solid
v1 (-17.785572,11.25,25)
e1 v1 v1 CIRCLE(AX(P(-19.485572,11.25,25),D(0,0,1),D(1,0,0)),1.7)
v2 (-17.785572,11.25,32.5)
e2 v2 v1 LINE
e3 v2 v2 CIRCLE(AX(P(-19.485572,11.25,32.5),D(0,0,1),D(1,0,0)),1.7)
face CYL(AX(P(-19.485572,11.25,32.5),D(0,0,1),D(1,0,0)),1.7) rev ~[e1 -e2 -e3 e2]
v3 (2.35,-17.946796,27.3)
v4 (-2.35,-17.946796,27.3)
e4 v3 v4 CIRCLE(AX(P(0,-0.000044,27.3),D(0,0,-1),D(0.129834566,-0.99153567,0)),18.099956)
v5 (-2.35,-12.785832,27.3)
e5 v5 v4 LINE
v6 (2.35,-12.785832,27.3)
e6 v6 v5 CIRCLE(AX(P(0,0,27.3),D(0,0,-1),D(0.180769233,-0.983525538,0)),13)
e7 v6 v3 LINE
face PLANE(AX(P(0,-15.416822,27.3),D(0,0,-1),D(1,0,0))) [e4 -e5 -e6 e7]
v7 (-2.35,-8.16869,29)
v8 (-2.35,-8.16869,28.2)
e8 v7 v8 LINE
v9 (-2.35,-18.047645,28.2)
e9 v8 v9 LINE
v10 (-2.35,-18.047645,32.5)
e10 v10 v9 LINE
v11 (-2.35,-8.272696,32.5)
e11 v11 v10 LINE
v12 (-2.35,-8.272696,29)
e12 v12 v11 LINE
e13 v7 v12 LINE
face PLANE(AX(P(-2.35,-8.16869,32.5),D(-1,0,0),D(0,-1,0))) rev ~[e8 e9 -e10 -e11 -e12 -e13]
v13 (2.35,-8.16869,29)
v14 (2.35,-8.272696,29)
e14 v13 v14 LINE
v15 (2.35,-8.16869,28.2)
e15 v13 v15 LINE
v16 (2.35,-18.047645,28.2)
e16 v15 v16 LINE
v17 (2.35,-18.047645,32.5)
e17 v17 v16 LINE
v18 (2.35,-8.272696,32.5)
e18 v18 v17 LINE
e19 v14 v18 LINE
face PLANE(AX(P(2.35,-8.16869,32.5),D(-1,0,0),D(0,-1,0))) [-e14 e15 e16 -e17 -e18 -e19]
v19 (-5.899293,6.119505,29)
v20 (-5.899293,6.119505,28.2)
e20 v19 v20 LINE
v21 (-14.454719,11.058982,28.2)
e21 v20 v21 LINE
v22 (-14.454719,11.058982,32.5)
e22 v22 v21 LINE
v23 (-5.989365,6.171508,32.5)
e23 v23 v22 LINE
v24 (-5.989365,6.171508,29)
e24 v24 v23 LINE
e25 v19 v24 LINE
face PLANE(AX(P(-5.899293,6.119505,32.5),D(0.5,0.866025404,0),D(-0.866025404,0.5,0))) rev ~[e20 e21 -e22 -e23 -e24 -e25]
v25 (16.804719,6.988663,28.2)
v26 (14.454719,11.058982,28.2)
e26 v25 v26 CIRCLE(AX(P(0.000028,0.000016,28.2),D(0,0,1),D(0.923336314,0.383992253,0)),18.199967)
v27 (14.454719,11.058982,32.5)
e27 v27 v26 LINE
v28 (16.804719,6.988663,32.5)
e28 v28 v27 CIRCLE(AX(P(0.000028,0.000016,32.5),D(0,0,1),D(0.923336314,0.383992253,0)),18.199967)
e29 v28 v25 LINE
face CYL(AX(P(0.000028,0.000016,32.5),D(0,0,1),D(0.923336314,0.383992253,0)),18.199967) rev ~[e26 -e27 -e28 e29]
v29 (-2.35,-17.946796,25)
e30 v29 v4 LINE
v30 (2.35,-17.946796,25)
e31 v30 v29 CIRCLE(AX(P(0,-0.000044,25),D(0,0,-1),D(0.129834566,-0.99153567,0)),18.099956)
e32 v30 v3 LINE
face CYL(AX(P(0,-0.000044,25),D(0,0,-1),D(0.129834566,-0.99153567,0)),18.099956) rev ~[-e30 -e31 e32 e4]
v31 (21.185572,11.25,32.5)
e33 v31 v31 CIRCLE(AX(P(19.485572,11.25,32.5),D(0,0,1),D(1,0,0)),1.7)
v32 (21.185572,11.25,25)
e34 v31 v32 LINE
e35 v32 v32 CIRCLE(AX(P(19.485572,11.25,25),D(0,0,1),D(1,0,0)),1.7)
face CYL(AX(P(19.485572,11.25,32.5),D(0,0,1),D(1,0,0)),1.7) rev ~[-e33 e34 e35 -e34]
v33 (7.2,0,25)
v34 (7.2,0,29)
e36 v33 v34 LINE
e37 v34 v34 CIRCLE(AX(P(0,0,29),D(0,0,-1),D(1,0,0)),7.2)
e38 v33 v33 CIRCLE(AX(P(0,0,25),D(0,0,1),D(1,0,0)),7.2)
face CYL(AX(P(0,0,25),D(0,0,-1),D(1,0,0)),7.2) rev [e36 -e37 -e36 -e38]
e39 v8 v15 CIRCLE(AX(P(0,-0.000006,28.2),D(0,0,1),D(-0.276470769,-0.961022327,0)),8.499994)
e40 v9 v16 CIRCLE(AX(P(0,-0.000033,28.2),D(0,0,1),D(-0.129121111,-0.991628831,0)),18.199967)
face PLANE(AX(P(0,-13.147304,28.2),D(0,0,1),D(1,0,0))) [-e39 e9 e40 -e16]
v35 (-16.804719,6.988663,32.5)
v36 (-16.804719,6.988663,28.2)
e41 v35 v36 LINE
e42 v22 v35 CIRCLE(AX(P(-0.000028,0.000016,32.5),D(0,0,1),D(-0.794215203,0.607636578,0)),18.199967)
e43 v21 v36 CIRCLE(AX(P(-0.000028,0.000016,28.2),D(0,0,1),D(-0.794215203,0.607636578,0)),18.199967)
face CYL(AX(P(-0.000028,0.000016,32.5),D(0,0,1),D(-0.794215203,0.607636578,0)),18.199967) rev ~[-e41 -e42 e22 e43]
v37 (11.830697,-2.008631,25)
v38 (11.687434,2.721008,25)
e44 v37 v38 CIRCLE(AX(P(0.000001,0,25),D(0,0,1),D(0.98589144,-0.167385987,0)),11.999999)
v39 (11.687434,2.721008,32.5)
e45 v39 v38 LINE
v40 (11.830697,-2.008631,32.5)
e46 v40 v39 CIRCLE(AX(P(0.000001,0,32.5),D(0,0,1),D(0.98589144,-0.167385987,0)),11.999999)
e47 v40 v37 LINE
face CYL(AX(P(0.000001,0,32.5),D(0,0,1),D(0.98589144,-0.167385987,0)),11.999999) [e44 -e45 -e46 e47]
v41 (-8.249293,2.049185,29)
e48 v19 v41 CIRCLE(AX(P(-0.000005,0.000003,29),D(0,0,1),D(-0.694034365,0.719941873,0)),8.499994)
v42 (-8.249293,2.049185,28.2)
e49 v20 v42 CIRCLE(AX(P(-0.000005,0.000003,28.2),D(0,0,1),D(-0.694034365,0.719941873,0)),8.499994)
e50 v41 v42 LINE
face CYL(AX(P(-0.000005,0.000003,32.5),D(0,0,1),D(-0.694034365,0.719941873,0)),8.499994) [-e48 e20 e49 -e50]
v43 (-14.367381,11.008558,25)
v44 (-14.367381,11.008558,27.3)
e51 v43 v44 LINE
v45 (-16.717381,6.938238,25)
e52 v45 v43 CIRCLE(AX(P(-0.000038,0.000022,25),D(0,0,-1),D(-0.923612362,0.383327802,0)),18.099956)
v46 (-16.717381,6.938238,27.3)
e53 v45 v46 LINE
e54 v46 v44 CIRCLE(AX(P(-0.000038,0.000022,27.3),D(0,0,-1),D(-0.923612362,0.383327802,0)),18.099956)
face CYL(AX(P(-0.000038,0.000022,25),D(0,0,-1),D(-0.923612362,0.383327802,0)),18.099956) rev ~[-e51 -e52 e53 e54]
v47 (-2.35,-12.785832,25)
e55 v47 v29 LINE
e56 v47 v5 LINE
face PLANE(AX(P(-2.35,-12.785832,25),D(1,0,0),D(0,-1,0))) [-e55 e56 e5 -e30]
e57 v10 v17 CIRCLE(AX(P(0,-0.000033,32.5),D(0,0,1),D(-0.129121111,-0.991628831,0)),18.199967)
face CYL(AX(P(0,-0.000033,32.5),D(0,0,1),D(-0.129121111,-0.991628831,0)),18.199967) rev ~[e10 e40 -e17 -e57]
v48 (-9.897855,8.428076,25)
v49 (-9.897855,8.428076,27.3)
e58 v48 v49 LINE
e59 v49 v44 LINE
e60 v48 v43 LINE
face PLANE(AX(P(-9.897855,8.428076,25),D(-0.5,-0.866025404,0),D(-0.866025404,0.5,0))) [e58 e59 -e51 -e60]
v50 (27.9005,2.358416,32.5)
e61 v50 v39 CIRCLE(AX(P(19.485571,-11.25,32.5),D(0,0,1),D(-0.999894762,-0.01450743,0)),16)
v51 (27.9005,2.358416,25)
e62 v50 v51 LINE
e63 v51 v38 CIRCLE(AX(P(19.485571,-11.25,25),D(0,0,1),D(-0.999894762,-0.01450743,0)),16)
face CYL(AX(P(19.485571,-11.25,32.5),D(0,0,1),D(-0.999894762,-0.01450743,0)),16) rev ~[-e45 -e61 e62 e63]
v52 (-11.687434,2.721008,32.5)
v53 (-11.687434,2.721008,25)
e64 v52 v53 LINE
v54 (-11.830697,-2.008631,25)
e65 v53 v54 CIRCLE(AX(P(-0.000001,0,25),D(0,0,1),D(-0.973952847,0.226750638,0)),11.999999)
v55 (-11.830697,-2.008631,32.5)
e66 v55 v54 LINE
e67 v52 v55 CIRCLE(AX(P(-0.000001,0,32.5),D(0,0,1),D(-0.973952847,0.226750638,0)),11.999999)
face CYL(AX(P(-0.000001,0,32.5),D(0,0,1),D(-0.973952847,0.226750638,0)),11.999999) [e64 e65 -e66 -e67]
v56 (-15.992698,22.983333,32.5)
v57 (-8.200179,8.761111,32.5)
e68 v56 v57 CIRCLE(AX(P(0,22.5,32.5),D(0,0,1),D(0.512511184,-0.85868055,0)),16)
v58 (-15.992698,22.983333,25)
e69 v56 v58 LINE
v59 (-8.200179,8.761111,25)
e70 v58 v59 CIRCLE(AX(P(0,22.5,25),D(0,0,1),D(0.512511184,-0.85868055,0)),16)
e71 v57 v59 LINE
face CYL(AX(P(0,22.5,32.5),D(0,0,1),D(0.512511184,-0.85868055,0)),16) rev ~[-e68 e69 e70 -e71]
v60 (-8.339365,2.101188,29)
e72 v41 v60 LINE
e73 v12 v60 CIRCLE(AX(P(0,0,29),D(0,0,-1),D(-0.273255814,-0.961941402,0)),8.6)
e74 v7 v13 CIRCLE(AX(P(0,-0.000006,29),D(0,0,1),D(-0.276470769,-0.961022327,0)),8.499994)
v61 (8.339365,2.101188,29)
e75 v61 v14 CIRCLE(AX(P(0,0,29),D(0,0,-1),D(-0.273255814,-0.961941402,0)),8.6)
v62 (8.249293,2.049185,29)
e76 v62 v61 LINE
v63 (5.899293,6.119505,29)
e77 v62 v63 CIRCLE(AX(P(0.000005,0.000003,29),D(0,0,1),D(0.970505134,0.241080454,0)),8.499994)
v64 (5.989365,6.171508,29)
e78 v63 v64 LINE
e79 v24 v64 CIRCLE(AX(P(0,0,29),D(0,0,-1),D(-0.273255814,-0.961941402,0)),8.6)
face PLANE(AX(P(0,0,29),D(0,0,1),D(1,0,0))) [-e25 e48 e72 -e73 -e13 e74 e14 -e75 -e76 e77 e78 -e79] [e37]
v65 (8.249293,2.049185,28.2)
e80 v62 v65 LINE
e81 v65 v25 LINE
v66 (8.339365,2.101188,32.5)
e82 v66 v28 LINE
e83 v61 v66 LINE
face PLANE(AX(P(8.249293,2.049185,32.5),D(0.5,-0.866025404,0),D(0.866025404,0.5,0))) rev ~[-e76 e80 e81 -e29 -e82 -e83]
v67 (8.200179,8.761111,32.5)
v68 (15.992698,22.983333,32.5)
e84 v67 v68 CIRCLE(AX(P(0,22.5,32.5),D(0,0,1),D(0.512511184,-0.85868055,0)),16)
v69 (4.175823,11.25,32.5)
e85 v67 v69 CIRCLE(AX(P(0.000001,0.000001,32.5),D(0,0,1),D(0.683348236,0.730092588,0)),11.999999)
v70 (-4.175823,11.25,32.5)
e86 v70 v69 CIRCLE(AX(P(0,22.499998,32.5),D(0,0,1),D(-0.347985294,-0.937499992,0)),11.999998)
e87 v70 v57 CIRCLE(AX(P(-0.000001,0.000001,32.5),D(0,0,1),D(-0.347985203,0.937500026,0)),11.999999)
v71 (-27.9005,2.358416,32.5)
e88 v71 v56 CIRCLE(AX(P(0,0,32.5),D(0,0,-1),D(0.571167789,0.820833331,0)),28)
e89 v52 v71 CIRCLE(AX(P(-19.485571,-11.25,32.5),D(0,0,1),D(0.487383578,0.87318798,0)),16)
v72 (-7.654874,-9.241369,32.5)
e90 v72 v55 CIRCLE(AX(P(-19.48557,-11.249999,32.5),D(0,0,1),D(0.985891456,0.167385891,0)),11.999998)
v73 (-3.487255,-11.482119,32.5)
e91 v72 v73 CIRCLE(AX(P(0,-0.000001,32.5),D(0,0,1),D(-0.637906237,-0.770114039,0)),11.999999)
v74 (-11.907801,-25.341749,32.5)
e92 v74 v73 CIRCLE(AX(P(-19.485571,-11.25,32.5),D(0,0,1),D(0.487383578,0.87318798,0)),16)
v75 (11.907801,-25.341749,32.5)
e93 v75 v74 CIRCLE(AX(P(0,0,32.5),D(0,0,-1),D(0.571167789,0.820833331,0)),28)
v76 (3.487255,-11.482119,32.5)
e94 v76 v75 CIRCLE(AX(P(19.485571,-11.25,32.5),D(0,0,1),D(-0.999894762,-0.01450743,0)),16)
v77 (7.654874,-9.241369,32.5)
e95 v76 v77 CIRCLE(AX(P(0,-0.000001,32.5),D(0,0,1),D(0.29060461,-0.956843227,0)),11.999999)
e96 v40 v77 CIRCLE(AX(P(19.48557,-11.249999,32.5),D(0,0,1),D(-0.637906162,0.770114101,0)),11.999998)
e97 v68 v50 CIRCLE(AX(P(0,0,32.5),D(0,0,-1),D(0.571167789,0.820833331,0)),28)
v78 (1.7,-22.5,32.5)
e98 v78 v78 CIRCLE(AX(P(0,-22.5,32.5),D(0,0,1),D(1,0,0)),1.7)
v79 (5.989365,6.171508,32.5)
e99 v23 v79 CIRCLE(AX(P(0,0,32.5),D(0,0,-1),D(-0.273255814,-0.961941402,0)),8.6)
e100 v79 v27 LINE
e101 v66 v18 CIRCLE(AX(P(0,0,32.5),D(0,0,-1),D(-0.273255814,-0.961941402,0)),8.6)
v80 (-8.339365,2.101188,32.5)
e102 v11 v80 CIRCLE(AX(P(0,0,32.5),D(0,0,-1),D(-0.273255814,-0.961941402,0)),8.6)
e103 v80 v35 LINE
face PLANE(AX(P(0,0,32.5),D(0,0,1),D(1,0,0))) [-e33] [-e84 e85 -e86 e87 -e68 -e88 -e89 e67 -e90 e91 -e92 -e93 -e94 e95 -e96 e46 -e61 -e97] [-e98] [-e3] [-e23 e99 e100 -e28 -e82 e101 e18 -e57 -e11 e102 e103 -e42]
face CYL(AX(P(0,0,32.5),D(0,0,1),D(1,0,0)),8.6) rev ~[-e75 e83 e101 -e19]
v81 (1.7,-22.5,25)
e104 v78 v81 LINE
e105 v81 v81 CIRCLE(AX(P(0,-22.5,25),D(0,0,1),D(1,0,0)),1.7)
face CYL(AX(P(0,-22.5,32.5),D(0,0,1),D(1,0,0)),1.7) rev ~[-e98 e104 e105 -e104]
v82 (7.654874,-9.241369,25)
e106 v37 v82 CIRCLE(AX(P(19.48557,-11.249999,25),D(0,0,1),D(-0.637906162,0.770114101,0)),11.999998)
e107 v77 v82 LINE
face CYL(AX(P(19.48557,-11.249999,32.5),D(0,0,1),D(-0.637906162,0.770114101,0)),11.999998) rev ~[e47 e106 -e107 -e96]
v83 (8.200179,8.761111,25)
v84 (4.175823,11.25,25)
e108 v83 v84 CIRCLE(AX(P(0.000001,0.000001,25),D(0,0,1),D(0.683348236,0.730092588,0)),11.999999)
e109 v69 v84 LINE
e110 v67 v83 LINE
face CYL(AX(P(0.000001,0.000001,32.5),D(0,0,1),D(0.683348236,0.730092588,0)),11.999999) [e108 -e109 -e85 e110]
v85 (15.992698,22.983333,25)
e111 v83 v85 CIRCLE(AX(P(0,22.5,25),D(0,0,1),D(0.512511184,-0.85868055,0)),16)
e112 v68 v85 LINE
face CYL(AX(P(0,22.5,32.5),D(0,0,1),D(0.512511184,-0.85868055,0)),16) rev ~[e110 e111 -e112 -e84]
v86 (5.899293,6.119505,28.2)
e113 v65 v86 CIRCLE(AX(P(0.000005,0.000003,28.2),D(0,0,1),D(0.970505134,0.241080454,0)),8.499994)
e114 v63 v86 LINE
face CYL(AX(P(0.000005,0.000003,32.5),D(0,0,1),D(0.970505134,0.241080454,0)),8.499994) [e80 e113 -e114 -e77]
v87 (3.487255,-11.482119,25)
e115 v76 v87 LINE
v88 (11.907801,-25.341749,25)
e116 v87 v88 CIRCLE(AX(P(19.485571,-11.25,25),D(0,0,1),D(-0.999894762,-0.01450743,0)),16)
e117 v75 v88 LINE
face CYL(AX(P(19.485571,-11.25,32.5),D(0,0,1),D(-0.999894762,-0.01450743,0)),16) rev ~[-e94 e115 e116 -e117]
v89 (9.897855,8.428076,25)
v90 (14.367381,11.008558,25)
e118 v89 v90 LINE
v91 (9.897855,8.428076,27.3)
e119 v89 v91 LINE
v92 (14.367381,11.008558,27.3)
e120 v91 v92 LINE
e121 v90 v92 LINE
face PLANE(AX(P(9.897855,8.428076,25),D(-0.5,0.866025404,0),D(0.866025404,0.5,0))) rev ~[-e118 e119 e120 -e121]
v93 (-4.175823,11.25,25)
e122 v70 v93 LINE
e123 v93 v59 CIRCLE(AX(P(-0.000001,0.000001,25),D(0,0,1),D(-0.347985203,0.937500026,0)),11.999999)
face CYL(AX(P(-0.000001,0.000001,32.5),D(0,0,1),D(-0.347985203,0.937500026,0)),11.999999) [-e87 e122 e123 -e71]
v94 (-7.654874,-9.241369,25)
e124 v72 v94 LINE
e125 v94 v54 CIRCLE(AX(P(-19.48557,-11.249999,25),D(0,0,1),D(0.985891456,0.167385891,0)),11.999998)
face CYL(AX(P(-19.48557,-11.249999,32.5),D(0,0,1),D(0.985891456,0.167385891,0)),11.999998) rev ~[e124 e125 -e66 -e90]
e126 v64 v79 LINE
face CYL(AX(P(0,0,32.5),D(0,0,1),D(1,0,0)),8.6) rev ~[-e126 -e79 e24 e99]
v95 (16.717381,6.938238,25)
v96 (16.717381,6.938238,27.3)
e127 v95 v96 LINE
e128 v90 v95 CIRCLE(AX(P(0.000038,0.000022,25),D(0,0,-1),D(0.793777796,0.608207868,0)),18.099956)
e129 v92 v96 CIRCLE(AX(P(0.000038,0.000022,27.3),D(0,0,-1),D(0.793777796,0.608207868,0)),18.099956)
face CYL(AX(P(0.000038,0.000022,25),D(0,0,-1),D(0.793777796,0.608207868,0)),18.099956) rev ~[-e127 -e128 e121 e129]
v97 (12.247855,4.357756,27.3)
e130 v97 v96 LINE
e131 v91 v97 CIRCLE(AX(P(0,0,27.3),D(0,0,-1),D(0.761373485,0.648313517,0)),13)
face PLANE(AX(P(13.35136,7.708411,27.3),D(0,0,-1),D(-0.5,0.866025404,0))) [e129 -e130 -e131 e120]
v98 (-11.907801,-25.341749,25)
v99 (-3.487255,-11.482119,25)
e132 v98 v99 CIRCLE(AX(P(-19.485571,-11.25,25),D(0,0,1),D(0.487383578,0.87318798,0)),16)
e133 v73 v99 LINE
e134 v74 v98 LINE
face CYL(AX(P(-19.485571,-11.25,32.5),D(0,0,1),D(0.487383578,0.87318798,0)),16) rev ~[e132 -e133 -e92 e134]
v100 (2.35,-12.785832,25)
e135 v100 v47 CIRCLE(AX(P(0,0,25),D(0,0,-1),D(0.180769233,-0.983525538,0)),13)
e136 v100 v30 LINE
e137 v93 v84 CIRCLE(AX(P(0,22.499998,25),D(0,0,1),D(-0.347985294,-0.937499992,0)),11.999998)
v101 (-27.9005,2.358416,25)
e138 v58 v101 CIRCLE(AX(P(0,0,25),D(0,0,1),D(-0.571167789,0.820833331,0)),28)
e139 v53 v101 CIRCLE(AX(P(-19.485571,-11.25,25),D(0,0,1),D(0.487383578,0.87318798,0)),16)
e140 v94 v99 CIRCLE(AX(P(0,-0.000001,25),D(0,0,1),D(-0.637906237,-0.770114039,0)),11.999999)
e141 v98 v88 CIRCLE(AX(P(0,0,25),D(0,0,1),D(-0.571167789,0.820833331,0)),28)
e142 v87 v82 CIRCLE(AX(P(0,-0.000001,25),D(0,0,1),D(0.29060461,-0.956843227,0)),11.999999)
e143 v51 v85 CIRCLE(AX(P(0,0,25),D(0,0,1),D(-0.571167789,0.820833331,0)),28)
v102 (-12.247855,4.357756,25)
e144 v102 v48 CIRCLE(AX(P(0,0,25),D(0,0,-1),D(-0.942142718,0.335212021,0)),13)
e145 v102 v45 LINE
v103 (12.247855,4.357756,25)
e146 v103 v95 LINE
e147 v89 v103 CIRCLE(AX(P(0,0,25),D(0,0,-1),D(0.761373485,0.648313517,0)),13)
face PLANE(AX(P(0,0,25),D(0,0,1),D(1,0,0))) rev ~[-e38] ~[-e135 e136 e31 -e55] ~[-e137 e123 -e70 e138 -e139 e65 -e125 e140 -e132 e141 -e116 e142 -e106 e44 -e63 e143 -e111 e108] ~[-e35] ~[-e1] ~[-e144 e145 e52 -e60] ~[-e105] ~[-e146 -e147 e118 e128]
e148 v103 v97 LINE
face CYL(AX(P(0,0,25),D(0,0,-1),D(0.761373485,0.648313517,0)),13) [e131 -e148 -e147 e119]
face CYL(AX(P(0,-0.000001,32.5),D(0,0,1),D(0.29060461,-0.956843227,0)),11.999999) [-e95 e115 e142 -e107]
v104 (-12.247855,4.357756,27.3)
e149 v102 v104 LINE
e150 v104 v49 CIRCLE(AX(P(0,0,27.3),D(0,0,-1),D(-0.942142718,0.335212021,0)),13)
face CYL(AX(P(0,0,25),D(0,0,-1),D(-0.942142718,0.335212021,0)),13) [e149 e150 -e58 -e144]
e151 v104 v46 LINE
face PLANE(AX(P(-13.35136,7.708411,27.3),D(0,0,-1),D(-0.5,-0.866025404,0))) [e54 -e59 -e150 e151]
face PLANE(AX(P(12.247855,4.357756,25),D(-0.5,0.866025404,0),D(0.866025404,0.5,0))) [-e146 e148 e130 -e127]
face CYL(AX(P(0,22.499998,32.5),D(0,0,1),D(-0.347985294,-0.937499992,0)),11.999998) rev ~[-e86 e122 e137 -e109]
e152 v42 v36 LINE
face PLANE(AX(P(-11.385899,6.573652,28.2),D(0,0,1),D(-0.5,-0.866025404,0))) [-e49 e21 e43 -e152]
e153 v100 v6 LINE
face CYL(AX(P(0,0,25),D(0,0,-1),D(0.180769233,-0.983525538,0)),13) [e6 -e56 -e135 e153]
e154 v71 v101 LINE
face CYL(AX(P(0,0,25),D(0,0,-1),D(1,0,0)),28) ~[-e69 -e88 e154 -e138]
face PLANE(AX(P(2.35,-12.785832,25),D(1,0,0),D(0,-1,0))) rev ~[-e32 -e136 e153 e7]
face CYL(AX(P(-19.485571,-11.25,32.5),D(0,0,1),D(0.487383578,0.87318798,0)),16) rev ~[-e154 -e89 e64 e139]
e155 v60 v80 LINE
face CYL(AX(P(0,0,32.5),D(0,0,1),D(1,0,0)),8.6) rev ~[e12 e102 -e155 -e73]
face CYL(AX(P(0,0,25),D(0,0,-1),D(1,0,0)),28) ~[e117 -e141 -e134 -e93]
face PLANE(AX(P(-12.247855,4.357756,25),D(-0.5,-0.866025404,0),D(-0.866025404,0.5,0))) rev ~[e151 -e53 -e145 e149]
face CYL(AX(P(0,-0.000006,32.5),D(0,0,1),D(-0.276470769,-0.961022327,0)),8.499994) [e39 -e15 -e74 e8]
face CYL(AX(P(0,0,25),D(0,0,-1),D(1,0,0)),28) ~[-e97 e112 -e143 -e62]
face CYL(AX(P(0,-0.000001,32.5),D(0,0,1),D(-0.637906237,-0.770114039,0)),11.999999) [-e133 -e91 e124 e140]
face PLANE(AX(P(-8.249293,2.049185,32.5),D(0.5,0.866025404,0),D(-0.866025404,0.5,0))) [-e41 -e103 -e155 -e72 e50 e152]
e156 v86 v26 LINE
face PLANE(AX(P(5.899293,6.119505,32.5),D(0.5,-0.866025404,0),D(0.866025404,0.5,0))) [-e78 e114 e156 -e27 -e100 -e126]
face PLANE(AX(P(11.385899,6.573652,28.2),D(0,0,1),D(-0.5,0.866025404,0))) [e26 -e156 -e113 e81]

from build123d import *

# Parameters (mm, degrees)
SKETCH_R              = 28
SKETCH_R_2            = 7.2
PAD_DEPTH             = 7.5
POCKET_DEPTH          = 166.601597
POLARPATTERN_COUNT    = 3
SKETCH003_R           = 1.7
POCKET001_DEPTH       = 7.501
SKETCH007_R           = 8.6
POCKET005_DEPTH       = 3.5
POCKET006_DEPTH       = 4.3
POLARPATTERN001_COUNT = 3
POCKET007_DEPTH       = 2.3
POLARPATTERN002_COUNT = 3


with BuildPart() as part:
    # Sketch → Pad (new body)
    with BuildSketch(Plane.XY.offset(25)):
        Circle(SKETCH_R)
        Circle(SKETCH_R_2, mode=Mode.SUBTRACT)
    extrude(amount=PAD_DEPTH)

    # Sketch002 → Pocket (cut, through all)
    with BuildSketch(Plane.XY.offset(32.5)):
        with BuildLine():
            ThreePointArc((-4.175823, 11.25), (0, 10.5), (4.175823, 11.25))
            ThreePointArc((8.200179, 8.761111), (6.311893, 10.205881), (4.175823, 11.25))
            ThreePointArc((8.200179, 8.761111), (0, 38.5), (-8.200179, 8.761111))
            ThreePointArc((-4.175823, 11.25), (-6.311893, 10.205881), (-8.200179, 8.761111))
        make_face()
    pocket = extrude(amount=-POCKET_DEPTH, mode=Mode.SUBTRACT)

    # PolarPattern: Pocket ×3 about axis
    polarpattern_axis = Axis((0, 0, 32.5), (0, 0, 1))
    for i in range(1, POLARPATTERN_COUNT):
        add(pocket.rotate(polarpattern_axis, i * 360 / POLARPATTERN_COUNT), mode=Mode.SUBTRACT)

    # Sketch003 → Pocket001 (cut, through all)
    with BuildSketch(Plane.XY.offset(32.5)):
        with Locations((0, 22.5)):
            Circle(SKETCH003_R)
        with Locations((-19.485572, -11.25)):
            Circle(SKETCH003_R)
        with Locations((19.485572, -11.25)):
            Circle(SKETCH003_R)
        with Locations((-19.485572, 11.25)):
            Circle(SKETCH003_R)
        with Locations((19.485572, 11.25)):
            Circle(SKETCH003_R)
        with Locations((0, -22.5)):
            Circle(SKETCH003_R)
    extrude(amount=-POCKET001_DEPTH, mode=Mode.SUBTRACT)

    # Sketch007 → Pocket005 (cut)
    with BuildSketch(Plane.XY.offset(32.5)):
        Circle(SKETCH007_R)
    extrude(amount=-POCKET005_DEPTH, mode=Mode.SUBTRACT)

    # Sketch005 → Pocket006 (cut)
    with BuildSketch(Plane.XY.offset(32.5)):
        with BuildLine():
            Line((-2.35, -8.16869), (-2.35, -18.047645))
            ThreePointArc((-2.35, -18.047645), (0, -18.2), (2.35, -18.047645))
            Line((2.35, -8.16869), (2.35, -18.047645))
            ThreePointArc((-2.35, -8.16869), (0, -8.5), (2.35, -8.16869))
        make_face()
    pocket006 = extrude(amount=-POCKET006_DEPTH, mode=Mode.SUBTRACT)

    # PolarPattern001: Pocket006 ×3 about axis
    polarpattern001_axis = Axis((0, 0, 32.5), (0, 0, 1))
    for i in range(1, POLARPATTERN001_COUNT):
        add(pocket006.rotate(polarpattern001_axis, i * 360 / POLARPATTERN001_COUNT), mode=Mode.SUBTRACT)

    # Sketch009 → Pocket007 (cut)
    with BuildSketch(Plane(origin=(0, 0, 25), x_dir=(1, 0, 0), z_dir=(0, 0, -1))):
        with BuildLine():
            Line((2.35, 12.785832), (2.35, 17.946796))
            ThreePointArc((2.35, 17.946796), (0, 18.1), (-2.35, 17.946796))
            Line((-2.35, 12.785832), (-2.35, 17.946796))
            ThreePointArc((2.35, 12.785832), (0, 13), (-2.35, 12.785832))
        make_face()
    pocket007 = extrude(amount=-POCKET007_DEPTH, mode=Mode.SUBTRACT)

    # PolarPattern002: Pocket007 ×3 about axis
    polarpattern002_axis = Axis((0, 0, 25), (0, 0, -1))
    for i in range(1, POLARPATTERN002_COUNT):
        add(pocket007.rotate(polarpattern002_axis, i * 360 / POLARPATTERN002_COUNT), mode=Mode.SUBTRACT)


solid = part.part
